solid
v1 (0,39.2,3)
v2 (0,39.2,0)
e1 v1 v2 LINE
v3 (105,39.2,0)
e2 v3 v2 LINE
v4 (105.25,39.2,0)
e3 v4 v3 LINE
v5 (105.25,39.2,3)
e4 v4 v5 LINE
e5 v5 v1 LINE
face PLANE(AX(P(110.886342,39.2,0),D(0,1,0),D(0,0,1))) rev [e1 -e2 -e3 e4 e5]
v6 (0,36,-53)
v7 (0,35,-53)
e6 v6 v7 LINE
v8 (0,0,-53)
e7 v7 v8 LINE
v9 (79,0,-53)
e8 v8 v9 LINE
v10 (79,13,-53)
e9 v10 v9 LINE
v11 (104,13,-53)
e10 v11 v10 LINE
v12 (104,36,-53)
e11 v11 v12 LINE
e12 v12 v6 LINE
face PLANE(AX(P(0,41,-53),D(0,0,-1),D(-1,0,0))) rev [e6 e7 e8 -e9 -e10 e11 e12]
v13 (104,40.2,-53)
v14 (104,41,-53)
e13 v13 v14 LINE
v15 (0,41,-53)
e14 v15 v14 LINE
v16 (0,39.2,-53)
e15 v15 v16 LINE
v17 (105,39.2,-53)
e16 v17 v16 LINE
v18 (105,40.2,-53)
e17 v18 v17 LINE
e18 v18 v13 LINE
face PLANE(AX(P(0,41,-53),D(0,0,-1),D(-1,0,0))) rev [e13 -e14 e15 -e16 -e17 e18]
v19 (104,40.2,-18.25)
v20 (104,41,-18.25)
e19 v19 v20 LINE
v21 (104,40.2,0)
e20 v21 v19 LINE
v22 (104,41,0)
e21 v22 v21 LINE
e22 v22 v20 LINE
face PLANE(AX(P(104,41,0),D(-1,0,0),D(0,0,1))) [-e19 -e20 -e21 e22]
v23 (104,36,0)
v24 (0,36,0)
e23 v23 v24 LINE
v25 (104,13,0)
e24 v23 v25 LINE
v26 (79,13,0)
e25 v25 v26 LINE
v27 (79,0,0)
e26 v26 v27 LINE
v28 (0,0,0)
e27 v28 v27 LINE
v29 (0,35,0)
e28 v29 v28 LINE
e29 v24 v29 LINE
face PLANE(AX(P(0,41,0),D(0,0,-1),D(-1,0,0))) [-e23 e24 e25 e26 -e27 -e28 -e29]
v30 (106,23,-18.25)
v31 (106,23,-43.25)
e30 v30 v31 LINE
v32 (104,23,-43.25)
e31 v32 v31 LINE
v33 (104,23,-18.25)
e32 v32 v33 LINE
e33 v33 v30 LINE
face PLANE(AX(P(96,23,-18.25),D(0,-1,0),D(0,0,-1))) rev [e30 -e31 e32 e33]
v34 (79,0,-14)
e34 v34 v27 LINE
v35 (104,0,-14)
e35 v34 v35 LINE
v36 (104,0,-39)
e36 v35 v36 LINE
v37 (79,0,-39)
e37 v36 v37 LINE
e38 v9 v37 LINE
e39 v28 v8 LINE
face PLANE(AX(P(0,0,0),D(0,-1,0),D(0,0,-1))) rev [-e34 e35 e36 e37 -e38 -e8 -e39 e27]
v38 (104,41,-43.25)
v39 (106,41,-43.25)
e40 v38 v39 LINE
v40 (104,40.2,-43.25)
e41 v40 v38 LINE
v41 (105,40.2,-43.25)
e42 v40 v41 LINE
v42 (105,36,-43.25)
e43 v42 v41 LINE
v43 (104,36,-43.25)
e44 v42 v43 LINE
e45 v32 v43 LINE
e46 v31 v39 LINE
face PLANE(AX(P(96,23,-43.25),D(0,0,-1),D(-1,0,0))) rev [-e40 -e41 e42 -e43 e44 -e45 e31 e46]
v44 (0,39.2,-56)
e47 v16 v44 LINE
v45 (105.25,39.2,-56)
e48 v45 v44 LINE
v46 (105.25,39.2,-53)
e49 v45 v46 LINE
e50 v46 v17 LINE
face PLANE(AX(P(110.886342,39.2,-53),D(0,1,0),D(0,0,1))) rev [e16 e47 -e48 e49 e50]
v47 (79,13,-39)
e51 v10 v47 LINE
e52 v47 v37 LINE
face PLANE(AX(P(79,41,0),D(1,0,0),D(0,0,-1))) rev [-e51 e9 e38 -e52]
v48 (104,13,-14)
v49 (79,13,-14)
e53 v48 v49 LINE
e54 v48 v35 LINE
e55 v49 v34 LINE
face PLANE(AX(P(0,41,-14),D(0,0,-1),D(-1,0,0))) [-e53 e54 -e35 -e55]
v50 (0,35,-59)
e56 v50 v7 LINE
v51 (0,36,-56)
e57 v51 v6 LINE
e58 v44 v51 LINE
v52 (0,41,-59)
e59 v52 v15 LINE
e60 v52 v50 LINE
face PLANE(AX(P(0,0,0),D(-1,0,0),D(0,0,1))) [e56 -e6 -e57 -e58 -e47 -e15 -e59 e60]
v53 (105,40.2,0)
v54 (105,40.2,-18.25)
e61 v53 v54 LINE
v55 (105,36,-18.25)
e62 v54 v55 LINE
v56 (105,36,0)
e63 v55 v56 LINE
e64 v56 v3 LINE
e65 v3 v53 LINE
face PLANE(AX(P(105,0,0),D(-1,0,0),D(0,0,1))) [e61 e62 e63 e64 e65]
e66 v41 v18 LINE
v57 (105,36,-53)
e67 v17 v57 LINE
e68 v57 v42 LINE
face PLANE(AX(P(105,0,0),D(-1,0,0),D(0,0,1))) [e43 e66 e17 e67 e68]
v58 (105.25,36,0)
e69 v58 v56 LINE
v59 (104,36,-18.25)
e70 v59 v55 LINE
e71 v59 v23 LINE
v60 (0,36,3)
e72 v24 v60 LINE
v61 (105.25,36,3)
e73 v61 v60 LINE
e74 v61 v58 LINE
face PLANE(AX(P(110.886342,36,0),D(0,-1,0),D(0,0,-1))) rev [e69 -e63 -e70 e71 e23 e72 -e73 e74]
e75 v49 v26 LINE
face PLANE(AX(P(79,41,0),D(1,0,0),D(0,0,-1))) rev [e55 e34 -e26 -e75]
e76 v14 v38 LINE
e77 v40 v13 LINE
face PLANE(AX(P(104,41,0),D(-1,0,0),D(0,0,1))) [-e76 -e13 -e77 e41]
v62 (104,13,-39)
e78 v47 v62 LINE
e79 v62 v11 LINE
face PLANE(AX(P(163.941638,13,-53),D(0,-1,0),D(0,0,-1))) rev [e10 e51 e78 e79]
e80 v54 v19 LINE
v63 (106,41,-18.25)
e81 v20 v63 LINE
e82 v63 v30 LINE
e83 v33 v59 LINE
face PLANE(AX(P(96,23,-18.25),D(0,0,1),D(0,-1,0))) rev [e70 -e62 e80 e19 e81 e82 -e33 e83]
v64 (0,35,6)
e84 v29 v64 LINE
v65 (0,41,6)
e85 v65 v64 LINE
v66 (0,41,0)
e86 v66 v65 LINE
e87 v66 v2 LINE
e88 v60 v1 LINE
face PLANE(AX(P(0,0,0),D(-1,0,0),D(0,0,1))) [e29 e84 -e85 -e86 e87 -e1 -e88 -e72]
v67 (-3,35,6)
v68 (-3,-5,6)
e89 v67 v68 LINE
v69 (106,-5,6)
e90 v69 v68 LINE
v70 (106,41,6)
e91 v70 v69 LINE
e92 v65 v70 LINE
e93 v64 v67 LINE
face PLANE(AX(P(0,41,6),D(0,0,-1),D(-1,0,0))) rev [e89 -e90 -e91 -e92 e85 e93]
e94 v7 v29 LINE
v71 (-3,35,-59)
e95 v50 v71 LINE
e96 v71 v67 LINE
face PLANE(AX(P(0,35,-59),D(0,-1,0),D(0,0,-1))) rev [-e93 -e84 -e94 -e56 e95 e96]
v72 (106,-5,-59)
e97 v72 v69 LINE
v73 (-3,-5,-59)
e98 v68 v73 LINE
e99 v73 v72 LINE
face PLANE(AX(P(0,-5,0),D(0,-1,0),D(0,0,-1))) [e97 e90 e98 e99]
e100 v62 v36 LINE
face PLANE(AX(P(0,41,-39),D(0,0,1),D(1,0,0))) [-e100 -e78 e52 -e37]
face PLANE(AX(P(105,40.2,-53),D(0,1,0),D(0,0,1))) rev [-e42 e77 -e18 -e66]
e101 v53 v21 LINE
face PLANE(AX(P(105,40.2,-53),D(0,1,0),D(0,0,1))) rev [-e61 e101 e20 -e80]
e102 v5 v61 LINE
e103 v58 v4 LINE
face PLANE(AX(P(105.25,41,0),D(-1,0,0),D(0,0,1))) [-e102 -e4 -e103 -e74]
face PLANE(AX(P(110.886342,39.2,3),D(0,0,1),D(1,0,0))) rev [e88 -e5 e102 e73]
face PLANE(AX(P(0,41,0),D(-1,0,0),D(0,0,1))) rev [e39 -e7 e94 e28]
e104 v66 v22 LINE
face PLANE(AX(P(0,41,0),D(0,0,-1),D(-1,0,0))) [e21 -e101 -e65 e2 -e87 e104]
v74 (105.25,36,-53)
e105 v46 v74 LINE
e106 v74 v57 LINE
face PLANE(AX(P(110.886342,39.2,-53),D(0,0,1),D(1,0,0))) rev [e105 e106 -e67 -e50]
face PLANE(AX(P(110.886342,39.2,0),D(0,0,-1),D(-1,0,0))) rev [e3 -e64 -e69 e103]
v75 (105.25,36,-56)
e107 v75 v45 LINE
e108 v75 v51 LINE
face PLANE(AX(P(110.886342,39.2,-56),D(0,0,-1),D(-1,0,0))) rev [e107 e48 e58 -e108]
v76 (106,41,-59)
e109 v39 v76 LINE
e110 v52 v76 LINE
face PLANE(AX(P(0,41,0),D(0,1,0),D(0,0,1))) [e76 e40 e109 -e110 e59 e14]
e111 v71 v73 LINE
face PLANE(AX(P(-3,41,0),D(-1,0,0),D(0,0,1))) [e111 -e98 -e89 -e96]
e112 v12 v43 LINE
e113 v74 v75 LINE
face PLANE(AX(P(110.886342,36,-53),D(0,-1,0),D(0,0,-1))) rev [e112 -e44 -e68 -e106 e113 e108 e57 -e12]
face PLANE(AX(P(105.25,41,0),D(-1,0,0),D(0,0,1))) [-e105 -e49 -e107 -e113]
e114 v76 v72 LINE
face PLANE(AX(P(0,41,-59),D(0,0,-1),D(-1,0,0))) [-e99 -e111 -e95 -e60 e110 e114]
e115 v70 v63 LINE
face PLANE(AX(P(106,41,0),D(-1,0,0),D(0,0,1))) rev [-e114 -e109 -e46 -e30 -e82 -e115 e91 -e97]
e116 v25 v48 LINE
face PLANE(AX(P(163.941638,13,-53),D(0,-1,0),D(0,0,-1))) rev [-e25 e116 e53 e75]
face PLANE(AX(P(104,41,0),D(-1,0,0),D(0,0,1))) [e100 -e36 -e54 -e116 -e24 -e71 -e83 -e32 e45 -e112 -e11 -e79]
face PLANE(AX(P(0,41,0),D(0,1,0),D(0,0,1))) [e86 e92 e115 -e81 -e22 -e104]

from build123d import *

# Parameters (mm, degrees)
SKETCH2_W           = 109
SKETCH2_H           = 65
SKETCH2_W_2         = 104
SKETCH2_H_2         = 53
SKETCH2_W_3         = 25
SKETCH2_H_3         = 14
BOSS_EXTRUDE1_DEPTH = 41
SKETCH3_W           = 109
SKETCH3_H           = 65
BOSS_EXTRUDE2_DEPTH = 5
SKETCH4_W           = 65
SKETCH4_H           = 6
CUT_EXTRUDE1_DEPTH  = 3
SKETCH5_W           = 25
SKETCH5_H           = 18
CUT_EXTRUDE2_DEPTH  = 10
SKETCH6_W           = 53
SKETCH6_H           = 28
CUT_EXTRUDE3_DEPTH  = 25
SKETCH7_W           = 3
SKETCH7_H           = 3.2
CUT_EXTRUDE4_DEPTH  = 105.25
SKETCH8_W           = 53
SKETCH8_H           = 4.2
CUT_EXTRUDE5_DEPTH  = 1


with BuildPart() as part:
    # Sketch2 → Boss-Extrude1 (new body)
    # profile 1 of 3: a face of its own
    with BuildSketch(Plane(origin=(0, 0, 0), x_dir=(1, 0, 0), z_dir=(0, 1, 0))):
        with Locations((51.5, 26.5)):
            Rectangle(SKETCH2_W, SKETCH2_H)
        with Locations((52, 26.5)):
            Rectangle(SKETCH2_W_2, SKETCH2_H_2, mode=Mode.SUBTRACT)
    # profile 2 of 3: a face of its own
    with BuildSketch(Plane(origin=(0, 0, 0), x_dir=(1, 0, 0), z_dir=(0, 1, 0))):
        with Locations((91.5, 46)):
            Rectangle(SKETCH2_W_3, SKETCH2_H_3)
    # profile 3 of 3: a face of its own
    with BuildSketch(Plane(origin=(0, 0, 0), x_dir=(1, 0, 0), z_dir=(0, 1, 0))):
        with Locations((91.5, 7)):
            Rectangle(SKETCH2_W_3, SKETCH2_H_3)
    extrude(amount=BOSS_EXTRUDE1_DEPTH)

    # Sketch3 → Boss-Extrude2 (add)
    with BuildSketch(Plane.XZ):
        with Locations((51.5, -26.5)):
            Rectangle(SKETCH3_W, SKETCH3_H)
    extrude(amount=BOSS_EXTRUDE2_DEPTH)

    # Sketch4 → Cut-Extrude1 (cut)
    with BuildSketch(Plane.ZY.offset(3)):
        with Locations((-26.5, 38)):
            Rectangle(SKETCH4_W, SKETCH4_H)
    extrude(amount=-CUT_EXTRUDE1_DEPTH, mode=Mode.SUBTRACT)

    # Sketch5 → Cut-Extrude2 (cut)
    with BuildSketch(Plane(origin=(106, 0, 0), x_dir=(0, 0, -1), z_dir=(1, 0, 0))):
        with Locations((30.75, 32)):
            Rectangle(SKETCH5_W, SKETCH5_H)
    extrude(amount=-CUT_EXTRUDE2_DEPTH, mode=Mode.SUBTRACT)

    # Sketch6 → Cut-Extrude3 (cut)
    with BuildSketch(Plane.ZY.offset(-79)):
        with Locations((-26.5, 27)):
            Rectangle(SKETCH6_W, SKETCH6_H)
    extrude(amount=-CUT_EXTRUDE3_DEPTH, mode=Mode.SUBTRACT)

    # Sketch7 → Cut-Extrude4 (cut)
    with BuildSketch(Plane.ZY):
        with Locations((-54.5, 37.6)):
            Rectangle(SKETCH7_W, SKETCH7_H)
        with Locations((1.5, 37.6)):
            Rectangle(SKETCH7_W, SKETCH7_H)
    extrude(amount=-CUT_EXTRUDE4_DEPTH, mode=Mode.SUBTRACT)

    # Sketch8 → Cut-Extrude5 (cut)
    with BuildSketch(Plane.ZY.offset(-104)):
        with Locations((-26.5, 38.1)):
            Rectangle(SKETCH8_W, SKETCH8_H)
    extrude(amount=-CUT_EXTRUDE5_DEPTH, mode=Mode.SUBTRACT)


solid = part.part
